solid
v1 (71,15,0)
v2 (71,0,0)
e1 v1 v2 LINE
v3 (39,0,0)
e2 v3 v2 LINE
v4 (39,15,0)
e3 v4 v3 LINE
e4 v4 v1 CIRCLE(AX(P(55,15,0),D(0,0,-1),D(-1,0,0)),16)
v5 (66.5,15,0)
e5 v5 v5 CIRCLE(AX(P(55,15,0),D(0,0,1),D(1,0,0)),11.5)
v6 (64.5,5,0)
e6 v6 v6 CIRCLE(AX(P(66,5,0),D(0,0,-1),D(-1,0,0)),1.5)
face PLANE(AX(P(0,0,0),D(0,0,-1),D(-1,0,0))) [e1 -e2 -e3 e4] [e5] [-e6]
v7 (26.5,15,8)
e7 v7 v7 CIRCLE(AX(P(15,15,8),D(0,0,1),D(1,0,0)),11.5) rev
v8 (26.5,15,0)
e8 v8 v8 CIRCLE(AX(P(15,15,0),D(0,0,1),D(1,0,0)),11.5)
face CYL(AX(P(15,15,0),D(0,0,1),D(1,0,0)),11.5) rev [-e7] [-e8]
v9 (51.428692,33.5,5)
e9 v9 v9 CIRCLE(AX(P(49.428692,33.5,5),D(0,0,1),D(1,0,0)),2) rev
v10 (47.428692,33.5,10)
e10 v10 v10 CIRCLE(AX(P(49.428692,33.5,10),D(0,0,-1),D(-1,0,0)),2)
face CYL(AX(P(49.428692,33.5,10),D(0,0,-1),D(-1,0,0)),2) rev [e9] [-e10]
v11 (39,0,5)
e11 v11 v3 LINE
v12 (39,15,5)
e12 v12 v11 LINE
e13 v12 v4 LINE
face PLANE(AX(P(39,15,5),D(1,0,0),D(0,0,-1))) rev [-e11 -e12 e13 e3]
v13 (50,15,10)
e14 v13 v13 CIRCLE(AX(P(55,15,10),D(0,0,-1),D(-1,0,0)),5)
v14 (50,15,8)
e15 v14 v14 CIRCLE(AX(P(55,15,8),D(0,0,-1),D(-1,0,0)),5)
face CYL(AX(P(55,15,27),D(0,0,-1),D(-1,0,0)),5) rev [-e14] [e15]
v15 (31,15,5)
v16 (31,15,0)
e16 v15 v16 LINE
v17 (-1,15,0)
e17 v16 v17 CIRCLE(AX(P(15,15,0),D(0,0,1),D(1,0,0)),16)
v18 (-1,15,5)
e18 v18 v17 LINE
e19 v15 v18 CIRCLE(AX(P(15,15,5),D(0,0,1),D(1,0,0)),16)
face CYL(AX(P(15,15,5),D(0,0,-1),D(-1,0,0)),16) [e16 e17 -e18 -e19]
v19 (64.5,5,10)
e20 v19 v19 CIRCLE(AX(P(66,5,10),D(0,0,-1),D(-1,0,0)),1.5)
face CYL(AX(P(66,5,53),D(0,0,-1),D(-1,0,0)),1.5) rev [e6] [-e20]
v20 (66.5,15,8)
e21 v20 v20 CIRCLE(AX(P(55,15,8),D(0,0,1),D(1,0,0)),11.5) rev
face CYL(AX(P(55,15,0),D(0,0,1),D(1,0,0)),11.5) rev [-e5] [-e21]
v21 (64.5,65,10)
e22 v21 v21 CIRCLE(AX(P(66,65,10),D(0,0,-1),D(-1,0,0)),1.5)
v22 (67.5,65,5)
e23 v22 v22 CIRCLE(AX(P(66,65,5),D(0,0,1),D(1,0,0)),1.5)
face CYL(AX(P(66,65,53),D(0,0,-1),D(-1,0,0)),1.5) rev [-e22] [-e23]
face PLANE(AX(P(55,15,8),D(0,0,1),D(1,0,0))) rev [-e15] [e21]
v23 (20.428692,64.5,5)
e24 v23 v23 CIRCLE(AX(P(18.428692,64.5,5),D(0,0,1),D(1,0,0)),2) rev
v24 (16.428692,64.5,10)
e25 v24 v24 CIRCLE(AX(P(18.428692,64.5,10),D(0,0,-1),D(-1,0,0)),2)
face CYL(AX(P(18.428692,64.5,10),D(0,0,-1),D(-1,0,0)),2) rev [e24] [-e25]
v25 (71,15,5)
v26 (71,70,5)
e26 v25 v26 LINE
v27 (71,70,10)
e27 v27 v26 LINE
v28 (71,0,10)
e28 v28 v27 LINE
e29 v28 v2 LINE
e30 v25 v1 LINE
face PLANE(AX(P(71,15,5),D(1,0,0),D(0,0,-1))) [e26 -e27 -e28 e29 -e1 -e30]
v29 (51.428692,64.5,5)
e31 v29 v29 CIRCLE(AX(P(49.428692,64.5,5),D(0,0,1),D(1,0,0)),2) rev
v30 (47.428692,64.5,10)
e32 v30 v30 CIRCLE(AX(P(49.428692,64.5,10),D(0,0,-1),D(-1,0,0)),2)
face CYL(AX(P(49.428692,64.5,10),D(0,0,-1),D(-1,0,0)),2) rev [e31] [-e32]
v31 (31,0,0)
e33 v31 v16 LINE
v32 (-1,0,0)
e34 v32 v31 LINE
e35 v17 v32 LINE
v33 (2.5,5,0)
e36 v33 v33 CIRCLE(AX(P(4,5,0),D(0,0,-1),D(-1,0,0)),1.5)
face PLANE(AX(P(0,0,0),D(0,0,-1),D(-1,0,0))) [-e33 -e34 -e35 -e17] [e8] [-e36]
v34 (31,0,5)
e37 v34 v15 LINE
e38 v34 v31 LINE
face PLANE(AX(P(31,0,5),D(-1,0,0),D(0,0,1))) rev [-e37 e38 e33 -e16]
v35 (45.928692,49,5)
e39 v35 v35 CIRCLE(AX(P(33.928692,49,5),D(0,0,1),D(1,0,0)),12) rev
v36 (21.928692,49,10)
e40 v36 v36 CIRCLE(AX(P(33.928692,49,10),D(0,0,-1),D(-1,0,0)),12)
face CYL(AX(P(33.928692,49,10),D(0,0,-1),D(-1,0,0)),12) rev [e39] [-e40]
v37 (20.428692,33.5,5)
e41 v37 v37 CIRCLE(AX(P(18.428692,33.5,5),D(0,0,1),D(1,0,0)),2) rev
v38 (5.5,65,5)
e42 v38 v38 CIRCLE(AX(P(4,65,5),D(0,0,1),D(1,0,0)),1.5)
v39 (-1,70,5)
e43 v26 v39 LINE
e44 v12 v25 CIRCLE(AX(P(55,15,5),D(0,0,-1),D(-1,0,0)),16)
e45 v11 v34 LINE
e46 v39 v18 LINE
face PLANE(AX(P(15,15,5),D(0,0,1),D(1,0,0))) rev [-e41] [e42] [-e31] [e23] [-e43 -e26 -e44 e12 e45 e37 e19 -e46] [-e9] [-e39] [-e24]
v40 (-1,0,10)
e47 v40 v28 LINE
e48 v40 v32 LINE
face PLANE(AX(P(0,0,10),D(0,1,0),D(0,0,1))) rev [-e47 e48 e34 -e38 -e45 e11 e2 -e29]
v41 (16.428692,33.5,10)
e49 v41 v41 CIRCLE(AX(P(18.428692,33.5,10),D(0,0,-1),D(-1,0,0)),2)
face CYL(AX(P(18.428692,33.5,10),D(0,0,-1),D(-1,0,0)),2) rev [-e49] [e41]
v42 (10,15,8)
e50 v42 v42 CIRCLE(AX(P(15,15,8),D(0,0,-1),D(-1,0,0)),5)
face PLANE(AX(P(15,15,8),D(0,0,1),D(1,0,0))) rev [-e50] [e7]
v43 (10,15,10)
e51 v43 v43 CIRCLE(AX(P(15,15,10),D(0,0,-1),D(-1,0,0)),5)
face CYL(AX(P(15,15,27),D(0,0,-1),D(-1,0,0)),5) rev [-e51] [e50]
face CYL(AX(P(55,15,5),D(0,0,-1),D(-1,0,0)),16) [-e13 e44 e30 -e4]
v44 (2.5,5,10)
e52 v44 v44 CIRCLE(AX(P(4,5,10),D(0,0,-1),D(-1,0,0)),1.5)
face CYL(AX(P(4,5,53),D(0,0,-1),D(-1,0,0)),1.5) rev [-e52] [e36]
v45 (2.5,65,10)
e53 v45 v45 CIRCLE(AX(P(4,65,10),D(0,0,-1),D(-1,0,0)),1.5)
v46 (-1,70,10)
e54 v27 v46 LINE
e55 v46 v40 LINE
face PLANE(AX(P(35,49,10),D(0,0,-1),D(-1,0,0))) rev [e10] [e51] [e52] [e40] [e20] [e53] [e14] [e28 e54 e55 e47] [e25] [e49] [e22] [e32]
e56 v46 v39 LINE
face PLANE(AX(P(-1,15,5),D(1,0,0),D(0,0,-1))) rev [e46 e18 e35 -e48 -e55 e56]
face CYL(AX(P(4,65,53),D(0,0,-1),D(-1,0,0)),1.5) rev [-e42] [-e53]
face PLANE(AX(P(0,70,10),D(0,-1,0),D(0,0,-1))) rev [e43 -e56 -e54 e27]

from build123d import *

# Parameters (mm, degrees)
SKETCH1_W               = 70
SKETCH1_H               = 70
BOSS_EXTRUDE1_DEPTH     = 10
SKETCH2_R               = 12
SKETCH2_R_2             = 2
SKETCH2_R_3             = 11.5
CUT_EXTRUDE1_DEPTH      = 10
SKETCH3_W               = 10
SKETCH3_H               = 70
BOSS_EXTRUDE2_DEPTH     = 15
SKETCH4_W               = 10
SKETCH4_H               = 70
BOSS_EXTRUDE3_DEPTH     = 15
SKETCH5_R               = 11.5
SKETCH5_R_2             = 4
BOSS_EXTRUDE4_DEPTH     = 2
SKETCH6_R               = 1.5
SKETCH6_R_2             = 1.648708122
CUT_EXTRUDE3_DEPTH      = 10
BOSS_EXTRUDE5_START     = -10
SKETCH7_R               = 11.986708095
SKETCH7_R_2             = 2
BOSS_EXTRUDE5_DEPTH     = 10
SKETCH8_R               = 12
CUT_EXTRUDE4_DEPTH      = 10
SKETCH9_R               = 2
CUT_EXTRUDE5_DEPTH      = 10
CUT_EXTRUDE7_DEPTH      = 5
SKETCH15_W              = 14
SKETCH15_H              = 70
CUT_EXTRUDE8_DEPTH      = 5
CUT_EXTRUDE9_DEPTH      = 19
CUT_EXTRUDE9_DEPTH_BACK = 48
SKETCH16_R              = 1.5
SKETCH17_R              = 5
CUT_EXTRUDE10_DEPTH     = 19
SKETCH18_R              = 16.289174866
SKETCH18_R_2            = 12
BOSS_EXTRUDE6_DEPTH     = 5


with BuildPart() as part:
    # Sketch1 → Boss-Extrude1 (new body)
    with BuildSketch(Plane.XY):
        with Locations((35, 35)):
            Rectangle(SKETCH1_W, SKETCH1_H)
    extrude(amount=BOSS_EXTRUDE1_DEPTH)

    # Sketch2 → Cut-Extrude1 (cut)
    with BuildSketch(Plane.XY.offset(10)):
        with Locations((35, 49)):
            Circle(SKETCH2_R)
        with Locations((19.5, 65)):
            Circle(SKETCH2_R_2)
        with Locations((50.5, 65)):
            Circle(SKETCH2_R_2)
        with Locations((19.5, 34)):
            Circle(SKETCH2_R_2)
        with Locations((50.5, 34)):
            Circle(SKETCH2_R_2)
        with Locations((15, 15)):
            Circle(SKETCH2_R_3)
        with Locations((55, 15)):
            Circle(SKETCH2_R_3)
    extrude(amount=-CUT_EXTRUDE1_DEPTH, mode=Mode.SUBTRACT)

    # Sketch3 → Boss-Extrude2 (add)
    with BuildSketch(Plane.ZY):
        with Locations((5, 35)):
            Rectangle(SKETCH3_W, SKETCH3_H)
    extrude(amount=BOSS_EXTRUDE2_DEPTH)

    # Sketch4 → Boss-Extrude3 (add)
    with BuildSketch(Plane(origin=(70, 0, 0), x_dir=(0, 0, -1), z_dir=(1, 0, 0))):
        with Locations((-5, 35)):
            Rectangle(SKETCH4_W, SKETCH4_H)
    extrude(amount=BOSS_EXTRUDE3_DEPTH)

    # Sketch5 → Boss-Extrude4 (add)
    # profile 1 of 2: a face of its own
    with BuildSketch(Plane.XY.offset(10)):
        with Locations((15, 15)):
            Circle(SKETCH5_R)
        with Locations((15, 15)):
            Circle(SKETCH5_R_2, mode=Mode.SUBTRACT)
    # profile 2 of 2: a face of its own
    with BuildSketch(Plane.XY.offset(10)):
        with Locations((55, 15)):
            Circle(SKETCH5_R)
        with Locations((55, 15)):
            Circle(SKETCH5_R_2, mode=Mode.SUBTRACT)
    extrude(amount=-BOSS_EXTRUDE4_DEPTH)

    # Sketch6 → Cut-Extrude3 (cut)
    with BuildSketch(Plane(origin=(0, 0, 0), x_dir=(-1, 0, 0), z_dir=(0, 0, -1))):
        with Locations((-80, 65)):
            Circle(SKETCH6_R)
        with Locations((-80, 5)):
            Circle(SKETCH6_R)
        with Locations((10, 65)):
            Circle(SKETCH6_R_2)
        with Locations((10, 5)):
            Circle(SKETCH6_R)
    extrude(amount=-CUT_EXTRUDE3_DEPTH, mode=Mode.SUBTRACT)

    # Sketch7 → Boss-Extrude5 (add)
    with BuildSketch(Plane(origin=(0, 0, 0), x_dir=(-1, 0, 0), z_dir=(0, 0, -1)).offset(BOSS_EXTRUDE5_START)):
        with Locations((-35, 49)):
            Circle(SKETCH7_R)
        with Locations((-50.5, 65)):
            Circle(SKETCH7_R_2)
        with Locations((-19.5, 65)):
            Circle(SKETCH7_R_2)
        with Locations((-19.5, 34)):
            Circle(SKETCH7_R_2)
        with Locations((-50.5, 34)):
            Circle(SKETCH7_R_2)
    extrude(amount=BOSS_EXTRUDE5_DEPTH)


with BuildPart() as boss_extrude5_piece_1:
    # of the separate pieces the step leaves, piece 1, a body of its own (boss_extrude5_pieces)
    add(part.part.solids().sort_by_distance((-15, 0, 0))[0])


with BuildPart() as boss_extrude5_piece_2:
    # of the separate pieces the step leaves, piece 2, a body of its own (boss_extrude5_pieces)
    add(part.part.solids().sort_by_distance((23.013291905, 49, 10))[0])


with BuildPart() as cut_extrude4_tool:
    # Sketch8 → Cut-Extrude4 (new body)
    with BuildSketch(Plane(origin=(0, 0, 0), x_dir=(-1, 0, 0), z_dir=(0, 0, -1))):
        with Locations((-33.928692494, 49)):
            Circle(SKETCH8_R)
    extrude(amount=-CUT_EXTRUDE4_DEPTH)


with BuildPart() as boss_extrude5_piece_1_1:
    add(boss_extrude5_piece_1.part)

    # Cut-Extrude4: cut by cut_extrude4_tool
    add(cut_extrude4_tool.part, mode=Mode.SUBTRACT)

    # Sketch9 → Cut-Extrude5 (cut)
    with BuildSketch(Plane(origin=(0, 0, 0), x_dir=(-1, 0, 0), z_dir=(0, 0, -1))):
        with Locations((-49.428692494, 64.5)):
            Circle(SKETCH9_R)
        with Locations((-49.428692494, 33.5)):
            Circle(SKETCH9_R)
        with Locations((-18.428692494, 33.5)):
            Circle(SKETCH9_R)
        with Locations((-18.428692494, 64.5)):
            Circle(SKETCH9_R)
    extrude(amount=-CUT_EXTRUDE5_DEPTH, mode=Mode.SUBTRACT)


with BuildPart() as boss_extrude5_piece_2_1:
    add(boss_extrude5_piece_2.part)

    # Cut-Extrude4: cut by cut_extrude4_tool
    add(cut_extrude4_tool.part, mode=Mode.SUBTRACT)


with BuildPart() as cut_extrude7_tool:
    # Sketch14 → Cut-Extrude7 (new body)
    with BuildSketch(Plane(origin=(0, 0, 0), x_dir=(-1, 0, 0), z_dir=(0, 0, -1))):
        with BuildLine():
            Line((-85, 0), (-85, 70))
            Line((-85, 70), (15, 70))
            Line((15, 70), (15, 0))
            Line((15, 0), (1, 0))
            Line((1, 0), (1, 15))
            ThreePointArc((1, 15), (-15, 31), (-31, 15))
            Line((-31, 15), (-31, 0))
            Line((-31, 0), (-39, 0))
            Line((-39, 0), (-39, 15))
            ThreePointArc((-39, 15), (-55, 31), (-71, 15))
            Line((-71, 15), (-71, 0))
            Line((-71, 0), (-85, 0))
        make_face()
    extrude(amount=-CUT_EXTRUDE7_DEPTH)


with BuildPart() as boss_extrude5_piece_1_2:
    add(boss_extrude5_piece_1_1.part)

    # Cut-Extrude7: cut by cut_extrude7_tool
    add(cut_extrude7_tool.part, mode=Mode.SUBTRACT)

    # Sketch15 → Cut-Extrude8 (cut)
    with BuildSketch(Plane(origin=(0, 0, 5), x_dir=(-1, 0, 0), z_dir=(0, 0, -1))):
        with Locations((-78, 35)):
            Rectangle(SKETCH15_W, SKETCH15_H)
        with Locations((8, 35)):
            Rectangle(SKETCH15_W, SKETCH15_H)
    extrude(amount=-CUT_EXTRUDE8_DEPTH, mode=Mode.SUBTRACT)

    # Sketch16 → Cut-Extrude9 (cut, two sides: drawn at the far end of the back side and taken through both)
    with BuildSketch(Plane(origin=(0, 0, 5), x_dir=(-1, 0, 0), z_dir=(0, 0, -1)).offset(-CUT_EXTRUDE9_DEPTH_BACK)):
        with Locations((-66, 65)):
            Circle(SKETCH16_R)
        with Locations((-66, 5)):
            Circle(SKETCH16_R)
        with Locations((-4, 5)):
            Circle(SKETCH16_R)
        with Locations((-4, 65)):
            Circle(SKETCH16_R)
    extrude(amount=CUT_EXTRUDE9_DEPTH + CUT_EXTRUDE9_DEPTH_BACK, mode=Mode.SUBTRACT)

    # Sketch17 → Cut-Extrude10 (cut)
    with BuildSketch(Plane(origin=(0, 0, 8), x_dir=(-1, 0, 0), z_dir=(0, 0, -1))):
        with Locations((-15, 15)):
            Circle(SKETCH17_R)
        with Locations((-55, 15)):
            Circle(SKETCH17_R)
    extrude(amount=-CUT_EXTRUDE10_DEPTH, mode=Mode.SUBTRACT)



with BuildPart() as boss_extrude5_piece_2_2:
    add(boss_extrude5_piece_2_1.part)

    # Cut-Extrude7: cut by cut_extrude7_tool
    add(cut_extrude7_tool.part, mode=Mode.SUBTRACT)


with BuildPart() as boss_extrude5_piece_1_3:
    add(boss_extrude5_piece_1_2.part)

    add(boss_extrude5_piece_2_2.part)  # Boss-Extrude6 merges Boss-Extrude5 piece 2
    # Sketch18 → Boss-Extrude6 (add)
    with BuildSketch(Plane(origin=(0, 0, 5), x_dir=(-1, 0, 0), z_dir=(0, 0, -1))):
        with Locations((-33.928692494, 49)):
            Circle(SKETCH18_R)
        with Locations((-33.928692494, 49)):
            Circle(SKETCH18_R_2, mode=Mode.SUBTRACT)
    extrude(amount=-BOSS_EXTRUDE6_DEPTH)


solid = boss_extrude5_piece_1_3.part
